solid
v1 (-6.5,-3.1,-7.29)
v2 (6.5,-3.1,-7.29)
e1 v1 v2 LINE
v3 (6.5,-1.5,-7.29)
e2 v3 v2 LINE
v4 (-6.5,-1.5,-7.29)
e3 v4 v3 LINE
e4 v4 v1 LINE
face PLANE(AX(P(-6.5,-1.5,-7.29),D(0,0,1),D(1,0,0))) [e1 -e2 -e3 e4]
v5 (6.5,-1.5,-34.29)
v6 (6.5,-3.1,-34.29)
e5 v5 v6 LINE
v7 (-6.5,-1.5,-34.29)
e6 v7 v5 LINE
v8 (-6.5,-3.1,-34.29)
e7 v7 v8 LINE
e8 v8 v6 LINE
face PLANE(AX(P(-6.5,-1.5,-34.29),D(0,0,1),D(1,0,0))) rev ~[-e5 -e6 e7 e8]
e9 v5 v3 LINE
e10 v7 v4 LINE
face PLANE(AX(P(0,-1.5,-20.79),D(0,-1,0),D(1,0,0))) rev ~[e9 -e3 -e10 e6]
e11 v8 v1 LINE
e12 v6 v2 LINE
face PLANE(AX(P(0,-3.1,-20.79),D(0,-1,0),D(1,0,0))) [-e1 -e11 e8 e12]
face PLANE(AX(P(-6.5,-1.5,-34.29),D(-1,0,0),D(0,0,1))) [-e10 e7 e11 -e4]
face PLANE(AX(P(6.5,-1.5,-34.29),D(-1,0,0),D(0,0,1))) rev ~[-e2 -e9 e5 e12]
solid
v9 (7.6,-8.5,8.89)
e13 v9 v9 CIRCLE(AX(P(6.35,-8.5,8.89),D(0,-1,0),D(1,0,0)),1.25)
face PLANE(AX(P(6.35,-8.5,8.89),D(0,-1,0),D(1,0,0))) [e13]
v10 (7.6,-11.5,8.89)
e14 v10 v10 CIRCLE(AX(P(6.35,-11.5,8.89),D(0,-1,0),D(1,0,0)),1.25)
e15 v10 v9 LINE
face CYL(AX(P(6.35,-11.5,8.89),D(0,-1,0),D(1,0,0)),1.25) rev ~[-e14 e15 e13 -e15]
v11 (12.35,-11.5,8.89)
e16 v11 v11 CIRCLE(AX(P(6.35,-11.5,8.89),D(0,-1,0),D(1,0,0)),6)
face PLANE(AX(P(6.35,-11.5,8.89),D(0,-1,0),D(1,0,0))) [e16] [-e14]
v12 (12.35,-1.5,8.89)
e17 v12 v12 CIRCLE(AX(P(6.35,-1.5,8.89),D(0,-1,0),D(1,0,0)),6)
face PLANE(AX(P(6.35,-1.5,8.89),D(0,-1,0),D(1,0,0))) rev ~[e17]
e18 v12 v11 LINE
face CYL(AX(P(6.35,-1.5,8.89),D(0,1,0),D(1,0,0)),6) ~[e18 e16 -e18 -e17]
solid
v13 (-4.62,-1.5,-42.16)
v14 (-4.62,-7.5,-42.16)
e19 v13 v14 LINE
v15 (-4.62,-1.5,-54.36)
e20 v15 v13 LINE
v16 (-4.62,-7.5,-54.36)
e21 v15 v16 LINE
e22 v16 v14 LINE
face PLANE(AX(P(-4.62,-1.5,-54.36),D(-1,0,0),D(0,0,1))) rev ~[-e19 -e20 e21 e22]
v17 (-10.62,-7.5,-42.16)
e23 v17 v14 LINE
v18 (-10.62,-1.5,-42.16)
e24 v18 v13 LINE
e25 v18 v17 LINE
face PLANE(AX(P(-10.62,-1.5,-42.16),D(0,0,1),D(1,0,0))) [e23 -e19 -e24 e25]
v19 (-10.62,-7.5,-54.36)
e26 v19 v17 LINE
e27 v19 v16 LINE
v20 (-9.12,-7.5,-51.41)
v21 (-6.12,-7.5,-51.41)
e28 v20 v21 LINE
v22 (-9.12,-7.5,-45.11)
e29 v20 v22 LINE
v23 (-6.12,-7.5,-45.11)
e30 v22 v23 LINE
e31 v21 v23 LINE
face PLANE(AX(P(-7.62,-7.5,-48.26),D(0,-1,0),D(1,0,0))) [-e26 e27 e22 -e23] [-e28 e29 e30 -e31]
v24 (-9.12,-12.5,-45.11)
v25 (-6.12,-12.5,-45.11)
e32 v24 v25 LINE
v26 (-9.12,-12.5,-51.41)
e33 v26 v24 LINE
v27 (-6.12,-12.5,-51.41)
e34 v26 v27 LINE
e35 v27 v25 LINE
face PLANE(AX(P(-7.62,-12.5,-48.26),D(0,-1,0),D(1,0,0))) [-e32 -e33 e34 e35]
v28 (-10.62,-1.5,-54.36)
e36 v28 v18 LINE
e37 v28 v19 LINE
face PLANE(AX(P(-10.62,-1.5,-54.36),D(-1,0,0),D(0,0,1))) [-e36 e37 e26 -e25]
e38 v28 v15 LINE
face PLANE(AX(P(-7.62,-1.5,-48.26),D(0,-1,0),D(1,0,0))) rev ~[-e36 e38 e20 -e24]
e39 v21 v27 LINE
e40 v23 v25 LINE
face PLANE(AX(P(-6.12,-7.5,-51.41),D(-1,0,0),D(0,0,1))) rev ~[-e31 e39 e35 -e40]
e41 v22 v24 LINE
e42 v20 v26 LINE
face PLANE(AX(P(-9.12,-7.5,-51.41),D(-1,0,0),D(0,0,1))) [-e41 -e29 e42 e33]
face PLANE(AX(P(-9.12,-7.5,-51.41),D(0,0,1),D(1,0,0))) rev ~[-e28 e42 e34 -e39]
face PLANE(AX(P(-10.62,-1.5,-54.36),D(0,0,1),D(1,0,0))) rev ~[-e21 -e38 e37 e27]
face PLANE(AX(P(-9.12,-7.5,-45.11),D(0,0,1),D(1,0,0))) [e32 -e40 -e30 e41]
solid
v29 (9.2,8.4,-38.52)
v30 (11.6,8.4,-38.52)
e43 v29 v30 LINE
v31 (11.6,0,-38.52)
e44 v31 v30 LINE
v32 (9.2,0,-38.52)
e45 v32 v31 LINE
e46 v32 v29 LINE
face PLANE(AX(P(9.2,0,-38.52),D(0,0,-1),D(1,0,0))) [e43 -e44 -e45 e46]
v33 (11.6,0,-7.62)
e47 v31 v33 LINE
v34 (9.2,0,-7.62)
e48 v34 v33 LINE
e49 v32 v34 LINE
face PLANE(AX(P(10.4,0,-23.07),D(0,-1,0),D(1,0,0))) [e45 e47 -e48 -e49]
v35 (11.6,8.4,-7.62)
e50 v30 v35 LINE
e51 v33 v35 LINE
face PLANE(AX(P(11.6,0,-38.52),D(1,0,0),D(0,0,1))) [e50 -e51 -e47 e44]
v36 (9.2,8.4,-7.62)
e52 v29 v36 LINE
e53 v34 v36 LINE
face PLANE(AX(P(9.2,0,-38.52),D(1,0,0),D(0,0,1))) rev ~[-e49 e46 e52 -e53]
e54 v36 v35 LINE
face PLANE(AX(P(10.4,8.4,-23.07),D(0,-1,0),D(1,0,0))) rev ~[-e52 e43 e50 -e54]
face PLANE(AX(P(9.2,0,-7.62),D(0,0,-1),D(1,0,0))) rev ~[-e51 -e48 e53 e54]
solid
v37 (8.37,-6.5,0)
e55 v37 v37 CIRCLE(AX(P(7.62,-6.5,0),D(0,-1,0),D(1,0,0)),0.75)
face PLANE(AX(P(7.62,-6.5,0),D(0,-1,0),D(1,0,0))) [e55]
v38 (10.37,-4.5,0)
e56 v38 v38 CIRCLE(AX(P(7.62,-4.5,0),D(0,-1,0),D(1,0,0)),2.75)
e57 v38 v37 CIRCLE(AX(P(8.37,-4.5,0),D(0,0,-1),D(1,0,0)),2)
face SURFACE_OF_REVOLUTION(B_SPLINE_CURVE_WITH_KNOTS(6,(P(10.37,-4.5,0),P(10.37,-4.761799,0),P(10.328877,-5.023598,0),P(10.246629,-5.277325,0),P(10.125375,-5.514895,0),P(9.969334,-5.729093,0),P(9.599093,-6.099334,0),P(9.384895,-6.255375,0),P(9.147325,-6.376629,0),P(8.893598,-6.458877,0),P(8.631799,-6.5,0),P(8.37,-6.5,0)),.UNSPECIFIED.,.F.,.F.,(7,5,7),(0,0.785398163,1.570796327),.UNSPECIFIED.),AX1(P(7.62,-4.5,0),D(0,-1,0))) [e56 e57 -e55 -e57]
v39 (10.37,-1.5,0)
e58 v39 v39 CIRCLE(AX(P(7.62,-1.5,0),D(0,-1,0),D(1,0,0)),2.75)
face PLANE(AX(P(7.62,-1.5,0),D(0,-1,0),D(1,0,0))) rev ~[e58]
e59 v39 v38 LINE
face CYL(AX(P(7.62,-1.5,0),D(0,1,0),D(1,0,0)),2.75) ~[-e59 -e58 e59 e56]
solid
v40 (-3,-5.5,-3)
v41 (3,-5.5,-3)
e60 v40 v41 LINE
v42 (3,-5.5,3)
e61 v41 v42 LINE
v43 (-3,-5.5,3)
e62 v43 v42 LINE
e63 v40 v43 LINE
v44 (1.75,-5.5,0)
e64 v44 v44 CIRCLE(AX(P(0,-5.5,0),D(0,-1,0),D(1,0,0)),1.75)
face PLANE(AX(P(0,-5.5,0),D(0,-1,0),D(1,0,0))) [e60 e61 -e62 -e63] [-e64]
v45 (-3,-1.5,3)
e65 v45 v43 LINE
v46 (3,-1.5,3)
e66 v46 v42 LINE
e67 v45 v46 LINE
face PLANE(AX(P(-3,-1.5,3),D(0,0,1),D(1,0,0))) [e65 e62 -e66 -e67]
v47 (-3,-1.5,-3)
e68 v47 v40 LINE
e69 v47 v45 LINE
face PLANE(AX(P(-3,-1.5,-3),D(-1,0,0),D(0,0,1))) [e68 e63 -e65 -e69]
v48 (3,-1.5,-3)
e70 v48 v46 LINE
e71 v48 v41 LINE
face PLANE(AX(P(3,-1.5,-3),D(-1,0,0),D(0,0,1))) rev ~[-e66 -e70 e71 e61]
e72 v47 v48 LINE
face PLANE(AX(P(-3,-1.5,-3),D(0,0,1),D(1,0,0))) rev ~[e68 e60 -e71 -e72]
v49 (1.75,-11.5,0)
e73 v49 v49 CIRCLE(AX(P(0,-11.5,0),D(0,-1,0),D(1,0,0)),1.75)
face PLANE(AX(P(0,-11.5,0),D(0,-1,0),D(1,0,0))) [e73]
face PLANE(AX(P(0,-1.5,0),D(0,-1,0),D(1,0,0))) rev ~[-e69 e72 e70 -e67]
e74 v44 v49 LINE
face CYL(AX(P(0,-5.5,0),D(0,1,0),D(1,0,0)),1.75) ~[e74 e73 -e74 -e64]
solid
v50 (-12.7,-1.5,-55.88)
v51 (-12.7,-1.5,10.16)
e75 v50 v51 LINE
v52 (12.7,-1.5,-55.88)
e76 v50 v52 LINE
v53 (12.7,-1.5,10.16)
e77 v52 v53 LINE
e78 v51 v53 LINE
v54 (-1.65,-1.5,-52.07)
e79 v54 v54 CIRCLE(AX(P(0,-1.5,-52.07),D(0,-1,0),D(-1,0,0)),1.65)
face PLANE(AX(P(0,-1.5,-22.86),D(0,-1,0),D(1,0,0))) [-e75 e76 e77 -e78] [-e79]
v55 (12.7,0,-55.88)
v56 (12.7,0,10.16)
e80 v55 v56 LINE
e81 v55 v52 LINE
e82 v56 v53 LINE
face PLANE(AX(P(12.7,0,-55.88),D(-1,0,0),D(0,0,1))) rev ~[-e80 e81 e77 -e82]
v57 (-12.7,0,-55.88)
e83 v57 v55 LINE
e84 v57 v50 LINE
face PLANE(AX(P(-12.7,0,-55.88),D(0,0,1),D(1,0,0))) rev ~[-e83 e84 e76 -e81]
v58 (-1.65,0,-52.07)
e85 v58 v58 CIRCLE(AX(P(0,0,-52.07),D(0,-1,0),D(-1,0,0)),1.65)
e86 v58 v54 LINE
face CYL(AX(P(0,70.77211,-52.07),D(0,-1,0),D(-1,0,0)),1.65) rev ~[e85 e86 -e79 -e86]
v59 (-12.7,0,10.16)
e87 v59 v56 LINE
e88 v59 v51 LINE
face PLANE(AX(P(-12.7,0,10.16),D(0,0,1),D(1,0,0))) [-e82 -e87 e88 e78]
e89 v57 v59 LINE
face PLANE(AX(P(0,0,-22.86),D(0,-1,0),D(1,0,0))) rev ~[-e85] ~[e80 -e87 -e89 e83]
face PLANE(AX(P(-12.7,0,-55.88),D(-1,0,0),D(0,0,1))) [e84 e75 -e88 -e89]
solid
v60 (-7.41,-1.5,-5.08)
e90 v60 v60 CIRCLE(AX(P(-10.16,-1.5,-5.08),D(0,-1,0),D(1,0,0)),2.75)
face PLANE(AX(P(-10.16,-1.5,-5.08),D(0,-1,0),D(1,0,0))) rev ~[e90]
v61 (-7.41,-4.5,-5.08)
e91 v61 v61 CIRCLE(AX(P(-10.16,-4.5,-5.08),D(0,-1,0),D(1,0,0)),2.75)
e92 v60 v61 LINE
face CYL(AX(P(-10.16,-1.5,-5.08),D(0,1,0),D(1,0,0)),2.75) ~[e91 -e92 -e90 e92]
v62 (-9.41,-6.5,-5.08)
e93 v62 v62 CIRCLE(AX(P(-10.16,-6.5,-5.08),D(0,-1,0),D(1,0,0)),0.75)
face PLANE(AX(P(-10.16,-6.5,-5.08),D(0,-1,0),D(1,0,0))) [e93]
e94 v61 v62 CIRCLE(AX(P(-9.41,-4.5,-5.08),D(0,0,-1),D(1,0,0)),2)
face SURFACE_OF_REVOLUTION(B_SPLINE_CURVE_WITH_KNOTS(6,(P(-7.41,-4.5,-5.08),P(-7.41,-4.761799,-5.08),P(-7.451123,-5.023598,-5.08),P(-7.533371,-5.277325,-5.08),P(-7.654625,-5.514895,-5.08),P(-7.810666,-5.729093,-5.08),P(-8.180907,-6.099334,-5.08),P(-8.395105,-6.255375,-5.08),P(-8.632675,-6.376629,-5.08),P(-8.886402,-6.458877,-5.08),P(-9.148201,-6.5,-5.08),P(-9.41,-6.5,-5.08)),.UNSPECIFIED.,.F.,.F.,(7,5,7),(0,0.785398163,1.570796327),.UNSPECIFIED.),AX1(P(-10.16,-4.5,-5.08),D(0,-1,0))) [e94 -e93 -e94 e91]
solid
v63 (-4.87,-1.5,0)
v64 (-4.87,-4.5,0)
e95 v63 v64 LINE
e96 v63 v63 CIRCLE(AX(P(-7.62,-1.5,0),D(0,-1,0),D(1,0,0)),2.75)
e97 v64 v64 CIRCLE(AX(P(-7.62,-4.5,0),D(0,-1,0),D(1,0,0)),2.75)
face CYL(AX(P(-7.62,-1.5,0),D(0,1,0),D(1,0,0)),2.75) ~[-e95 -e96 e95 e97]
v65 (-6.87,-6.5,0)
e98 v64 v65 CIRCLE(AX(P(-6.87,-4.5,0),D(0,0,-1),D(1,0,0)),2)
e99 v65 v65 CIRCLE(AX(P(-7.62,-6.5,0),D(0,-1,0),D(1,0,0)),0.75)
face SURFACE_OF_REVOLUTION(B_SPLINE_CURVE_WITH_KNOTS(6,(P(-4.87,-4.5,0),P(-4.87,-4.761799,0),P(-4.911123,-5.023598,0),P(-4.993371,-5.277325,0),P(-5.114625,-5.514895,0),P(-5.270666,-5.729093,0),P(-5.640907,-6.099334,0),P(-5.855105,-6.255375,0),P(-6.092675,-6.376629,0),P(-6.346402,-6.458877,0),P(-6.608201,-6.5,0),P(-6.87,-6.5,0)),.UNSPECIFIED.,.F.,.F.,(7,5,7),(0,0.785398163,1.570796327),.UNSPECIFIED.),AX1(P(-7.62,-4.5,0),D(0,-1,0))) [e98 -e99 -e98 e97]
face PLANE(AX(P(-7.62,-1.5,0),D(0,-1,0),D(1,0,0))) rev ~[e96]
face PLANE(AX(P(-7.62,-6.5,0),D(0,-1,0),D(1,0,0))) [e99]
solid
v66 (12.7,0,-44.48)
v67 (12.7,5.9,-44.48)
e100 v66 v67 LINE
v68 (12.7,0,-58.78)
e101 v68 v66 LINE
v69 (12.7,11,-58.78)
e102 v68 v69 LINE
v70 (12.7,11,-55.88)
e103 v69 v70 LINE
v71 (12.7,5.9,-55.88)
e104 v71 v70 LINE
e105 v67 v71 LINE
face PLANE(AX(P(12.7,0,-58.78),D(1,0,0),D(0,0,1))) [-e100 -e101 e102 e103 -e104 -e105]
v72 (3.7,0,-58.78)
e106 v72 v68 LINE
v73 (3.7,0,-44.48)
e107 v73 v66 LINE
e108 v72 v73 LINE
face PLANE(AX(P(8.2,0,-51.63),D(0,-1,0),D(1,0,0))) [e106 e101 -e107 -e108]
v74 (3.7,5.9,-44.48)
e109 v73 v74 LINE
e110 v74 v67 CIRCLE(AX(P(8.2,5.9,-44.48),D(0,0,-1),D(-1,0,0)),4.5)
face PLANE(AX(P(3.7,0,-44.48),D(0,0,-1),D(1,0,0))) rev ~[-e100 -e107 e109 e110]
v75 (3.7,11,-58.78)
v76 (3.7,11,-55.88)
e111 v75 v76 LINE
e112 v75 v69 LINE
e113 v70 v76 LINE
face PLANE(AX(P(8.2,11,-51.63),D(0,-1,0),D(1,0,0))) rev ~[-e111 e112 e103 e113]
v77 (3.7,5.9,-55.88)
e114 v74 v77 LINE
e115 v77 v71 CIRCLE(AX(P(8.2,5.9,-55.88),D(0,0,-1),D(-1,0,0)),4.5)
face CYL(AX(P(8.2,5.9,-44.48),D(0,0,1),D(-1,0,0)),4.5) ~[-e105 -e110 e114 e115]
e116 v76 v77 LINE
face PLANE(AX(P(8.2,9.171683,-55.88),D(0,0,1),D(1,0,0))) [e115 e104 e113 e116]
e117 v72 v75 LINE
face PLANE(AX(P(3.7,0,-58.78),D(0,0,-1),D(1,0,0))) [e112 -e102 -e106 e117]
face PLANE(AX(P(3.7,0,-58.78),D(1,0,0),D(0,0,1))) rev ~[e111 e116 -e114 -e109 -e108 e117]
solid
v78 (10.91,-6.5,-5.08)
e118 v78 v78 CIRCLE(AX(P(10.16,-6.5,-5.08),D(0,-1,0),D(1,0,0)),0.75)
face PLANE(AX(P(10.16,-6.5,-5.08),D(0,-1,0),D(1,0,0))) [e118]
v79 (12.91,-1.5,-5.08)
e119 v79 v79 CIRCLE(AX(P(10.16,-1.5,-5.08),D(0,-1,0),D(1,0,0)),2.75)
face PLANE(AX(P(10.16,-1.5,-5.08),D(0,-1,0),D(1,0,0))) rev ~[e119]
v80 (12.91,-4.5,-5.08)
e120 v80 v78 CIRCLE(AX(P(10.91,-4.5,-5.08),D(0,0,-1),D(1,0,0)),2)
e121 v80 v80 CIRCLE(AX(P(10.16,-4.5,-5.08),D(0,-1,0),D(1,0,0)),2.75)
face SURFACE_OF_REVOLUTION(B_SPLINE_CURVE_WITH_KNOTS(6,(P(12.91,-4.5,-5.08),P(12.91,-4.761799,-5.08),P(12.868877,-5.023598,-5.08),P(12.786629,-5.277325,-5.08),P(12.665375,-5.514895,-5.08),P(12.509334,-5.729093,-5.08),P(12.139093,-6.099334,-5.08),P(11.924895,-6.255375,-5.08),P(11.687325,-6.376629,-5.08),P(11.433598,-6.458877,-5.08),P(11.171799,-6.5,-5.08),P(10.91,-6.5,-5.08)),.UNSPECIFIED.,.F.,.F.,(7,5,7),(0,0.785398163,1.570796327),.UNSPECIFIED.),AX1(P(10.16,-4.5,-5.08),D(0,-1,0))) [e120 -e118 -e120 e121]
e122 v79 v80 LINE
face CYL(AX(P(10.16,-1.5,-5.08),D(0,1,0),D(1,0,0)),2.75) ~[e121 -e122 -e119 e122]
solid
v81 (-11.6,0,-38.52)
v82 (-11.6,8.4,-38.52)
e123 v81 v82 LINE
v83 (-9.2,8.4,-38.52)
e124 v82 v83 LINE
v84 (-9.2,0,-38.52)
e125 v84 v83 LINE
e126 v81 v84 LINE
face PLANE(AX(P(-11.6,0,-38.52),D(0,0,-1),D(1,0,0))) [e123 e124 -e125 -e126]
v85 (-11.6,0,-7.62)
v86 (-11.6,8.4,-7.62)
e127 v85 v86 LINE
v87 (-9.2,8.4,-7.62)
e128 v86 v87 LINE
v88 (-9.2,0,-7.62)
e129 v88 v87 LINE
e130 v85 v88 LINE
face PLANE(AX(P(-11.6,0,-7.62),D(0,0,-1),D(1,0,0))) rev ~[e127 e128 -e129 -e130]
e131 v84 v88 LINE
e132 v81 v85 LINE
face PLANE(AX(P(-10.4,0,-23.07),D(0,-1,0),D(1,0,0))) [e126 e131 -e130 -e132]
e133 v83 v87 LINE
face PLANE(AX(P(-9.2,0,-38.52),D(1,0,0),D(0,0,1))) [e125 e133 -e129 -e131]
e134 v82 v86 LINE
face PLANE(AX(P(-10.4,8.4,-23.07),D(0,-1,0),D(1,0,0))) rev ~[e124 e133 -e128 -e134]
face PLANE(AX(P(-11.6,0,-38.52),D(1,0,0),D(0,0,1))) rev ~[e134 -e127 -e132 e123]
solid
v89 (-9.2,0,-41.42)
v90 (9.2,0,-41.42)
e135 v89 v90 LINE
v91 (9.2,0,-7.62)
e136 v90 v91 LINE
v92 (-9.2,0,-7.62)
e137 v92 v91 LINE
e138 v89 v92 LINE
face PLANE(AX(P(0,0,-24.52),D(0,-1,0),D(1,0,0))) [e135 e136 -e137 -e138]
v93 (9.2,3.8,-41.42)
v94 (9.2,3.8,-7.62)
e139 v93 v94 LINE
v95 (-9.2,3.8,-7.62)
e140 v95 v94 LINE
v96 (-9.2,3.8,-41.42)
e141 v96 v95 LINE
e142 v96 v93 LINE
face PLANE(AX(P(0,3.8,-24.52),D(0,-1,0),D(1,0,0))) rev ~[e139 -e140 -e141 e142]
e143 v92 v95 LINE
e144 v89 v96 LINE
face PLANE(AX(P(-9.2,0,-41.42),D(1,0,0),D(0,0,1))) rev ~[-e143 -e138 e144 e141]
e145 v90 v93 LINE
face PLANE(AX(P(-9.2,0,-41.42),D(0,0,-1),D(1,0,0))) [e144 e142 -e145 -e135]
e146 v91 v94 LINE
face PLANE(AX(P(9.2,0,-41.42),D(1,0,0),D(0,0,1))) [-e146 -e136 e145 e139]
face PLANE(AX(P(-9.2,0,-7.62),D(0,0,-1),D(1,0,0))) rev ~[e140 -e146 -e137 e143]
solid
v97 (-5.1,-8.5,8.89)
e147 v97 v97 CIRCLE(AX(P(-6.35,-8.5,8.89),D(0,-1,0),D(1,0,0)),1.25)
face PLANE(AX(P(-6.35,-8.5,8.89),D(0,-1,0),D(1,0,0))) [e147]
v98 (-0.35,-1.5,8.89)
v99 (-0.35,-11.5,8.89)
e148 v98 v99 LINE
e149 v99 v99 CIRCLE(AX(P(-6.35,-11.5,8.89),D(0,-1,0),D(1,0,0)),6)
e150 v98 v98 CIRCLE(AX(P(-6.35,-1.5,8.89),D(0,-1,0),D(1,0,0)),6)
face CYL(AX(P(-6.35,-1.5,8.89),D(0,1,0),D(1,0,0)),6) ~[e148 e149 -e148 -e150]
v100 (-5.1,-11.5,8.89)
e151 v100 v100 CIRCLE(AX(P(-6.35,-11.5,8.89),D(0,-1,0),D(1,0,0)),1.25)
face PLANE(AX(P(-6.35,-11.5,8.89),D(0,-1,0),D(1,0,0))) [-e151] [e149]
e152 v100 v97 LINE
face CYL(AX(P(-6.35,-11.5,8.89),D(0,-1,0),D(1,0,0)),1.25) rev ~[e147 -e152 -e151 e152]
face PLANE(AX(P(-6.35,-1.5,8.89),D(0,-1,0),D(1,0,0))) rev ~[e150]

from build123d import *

# Parameters (mm, degrees)
F0_W      = 25.4
F0_H      = 66.04
F1_DEPTH  = 1.5
F2_D      = 3.3
F3_R      = 6
F4_DEPTH  = 10
F5_W      = 6
F5_H      = 6
F6_DEPTH  = 4
F7_R      = 1.75
F8_DEPTH  = 6
F9_R      = 2.75
F10_DEPTH = 5
F11_R     = 2
F11_2_R   = 2
F11_3_R   = 2
F11_4_R   = 2
F12_W     = 13
F12_H     = 27
F13_DEPTH = 1.6
F14_W     = 6
F14_H     = 12.2
F15_DEPTH = 6
F16_W     = 3
F16_H     = 6.3
F17_DEPTH = 5
F18_W     = 18.4
F18_H     = 33.8
F19_DEPTH = 3.8
F20_W     = 2.4
F20_H     = 30.9
F21_DEPTH = 8.4
F22_W     = 9
F22_H     = 14.3
F23_DEPTH = 11
F25_DEPTH = 11.4
F26_R     = 1.25
F27_DEPTH = 3


with BuildPart() as f1:
    # F0 (on Front) → F1 (new body)
    with BuildSketch(Plane.XZ):
        with Locations((0, -22.86)):
            Rectangle(F0_W, F0_H)
    extrude(amount=F1_DEPTH)

    # F2 (through all)
    with Locations(Plane(origin=(0, 0, 0), x_dir=(1, 0, 0), z_dir=(0, 1, 0))):
        with Locations((0, 52.07)):
            Hole(F2_D / 2)


with BuildPart() as f4:
    # F3 (on face) → F4 (new body)
    with BuildSketch(Plane.XZ.offset(1.5)):
        with Locations((-6.35, 8.89)):
            Circle(F3_R)
    extrude(amount=F4_DEPTH)


with BuildPart() as f4b:
    # F3 (on face) → F4, piece 2 (new body)
    with BuildSketch(Plane.XZ.offset(1.5)):
        with Locations((6.35, 8.89)):
            Circle(F3_R)
    extrude(amount=F4_DEPTH)


with BuildPart() as f6:
    # F5 (on face) → F6 (new body)
    with BuildSketch(Plane.XZ.offset(1.5)):
        Rectangle(F5_W, F5_H)
    extrude(amount=F6_DEPTH)

    # F7 (on face) → F8 (join, through all)
    with BuildSketch(Plane.XZ.offset(5.5)):
        Circle(F7_R)
    extrude(amount=F8_DEPTH)


with BuildPart() as f10:
    # F9 (on face) → F10 (new body)
    with BuildSketch(Plane.XZ.offset(1.5)):
        with Locations((-7.62, 0)):
            Circle(F9_R)
    extrude(amount=F10_DEPTH)

    # F11#2
    f11_2_edges = [f10.edges().sort_by_distance(p)[0] for p in [
        (-10.37, -6.5, 0),
    ]]
    fillet(f11_2_edges, radius=F11_2_R)


with BuildPart() as f10b:
    # F9 (on face) → F10, piece 2 (new body)
    with BuildSketch(Plane.XZ.offset(1.5)):
        with Locations((-10.16, -5.08)):
            Circle(F9_R)
    extrude(amount=F10_DEPTH)

    # F11
    f11_edges = [f10b.edges().sort_by_distance(p)[0] for p in [
        (-12.91, -6.5, -5.08),
    ]]
    fillet(f11_edges, radius=F11_R)


with BuildPart() as f10c:
    # F9 (on face) → F10, piece 3 (new body)
    with BuildSketch(Plane.XZ.offset(1.5)):
        with Locations((7.62, 0)):
            Circle(F9_R)
    extrude(amount=F10_DEPTH)

    # F11#3
    f11_3_edges = [f10c.edges().sort_by_distance(p)[0] for p in [
        (4.87, -6.5, 0),
    ]]
    fillet(f11_3_edges, radius=F11_3_R)


with BuildPart() as f10d:
    # F9 (on face) → F10, piece 4 (new body)
    with BuildSketch(Plane.XZ.offset(1.5)):
        with Locations((10.16, -5.08)):
            Circle(F9_R)
    extrude(amount=F10_DEPTH)

    # F11#4
    f11_4_edges = [f10d.edges().sort_by_distance(p)[0] for p in [
        (7.41, -6.5, -5.08),
    ]]
    fillet(f11_4_edges, radius=F11_4_R)


with BuildPart() as f13:
    # F12 (on face) → F13 (new body)
    with BuildSketch(Plane.XZ.offset(1.5)):
        with Locations((0, -20.79)):
            Rectangle(F12_W, F12_H)
    extrude(amount=F13_DEPTH)


with BuildPart() as f15:
    # F14 (on face) → F15 (new body)
    with BuildSketch(Plane.XZ.offset(1.5)):
        with Locations((-7.62, -48.26)):
            Rectangle(F14_W, F14_H)
    extrude(amount=F15_DEPTH)

    # F16 (on face) → F17 (join)
    with BuildSketch(Plane.XZ.offset(7.5)):
        with Locations((-7.62, -48.26)):
            Rectangle(F16_W, F16_H)
    extrude(amount=F17_DEPTH)


with BuildPart() as f19:
    # F18 (on Front) → F19 (new body)
    with BuildSketch(Plane.XZ):
        with Locations((0, -24.52)):
            Rectangle(F18_W, F18_H)
    extrude(amount=-F19_DEPTH)


with BuildPart() as f21:
    # F20 (on Front) → F21 (new body)
    with BuildSketch(Plane.XZ):
        with Locations((10.4, -23.07)):
            Rectangle(F20_W, F20_H)
    extrude(amount=-F21_DEPTH)


with BuildPart() as f21b:
    # F20 (on Front) → F21, piece 2 (new body)
    with BuildSketch(Plane.XZ):
        with Locations((-10.4, -23.07)):
            Rectangle(F20_W, F20_H)
    extrude(amount=-F21_DEPTH)


with BuildPart() as f23:
    # F22 (on Front) → F23 (new body)
    with BuildSketch(Plane.XZ):
        with Locations((8.2, -51.63)):
            Rectangle(F22_W, F22_H)
    extrude(amount=-F23_DEPTH)

    # F24 (on face) → F25 (cut, through all)
    with BuildSketch(Plane.XY.offset(-44.48)):
        with BuildLine():
            ThreePointArc((3.7, 5.9), (8.2, 10.4), (12.7, 5.9))
            Line((12.7, 5.9), (12.7, 11))
            Line((12.7, 11), (3.7, 11))
            Line((3.7, 11), (3.7, 5.9))
        make_face()
    extrude(amount=-F25_DEPTH, mode=Mode.SUBTRACT)


with BuildPart() as f27_tool:
    # F26 (on face) → F27 (new body)
    with BuildSketch(Plane.XZ.offset(11.5)):
        with Locations((-6.35, 8.89)):
            Circle(F26_R)
        with Locations((6.35, 8.89)):
            Circle(F26_R)
    extrude(amount=-F27_DEPTH)


with BuildPart() as f4_1:
    add(f4.part)

    # F27: cut by f27_tool
    add(f27_tool.part, mode=Mode.SUBTRACT)


with BuildPart() as f4b_1:
    add(f4b.part)

    # F27: cut by f27_tool
    add(f27_tool.part, mode=Mode.SUBTRACT)


solid = Compound([f1.part, f6.part, f10.part, f10b.part, f10c.part, f10d.part, f13.part, f15.part, f19.part, f21.part, f21b.part, f23.part, f4_1.part, f4b_1.part])
